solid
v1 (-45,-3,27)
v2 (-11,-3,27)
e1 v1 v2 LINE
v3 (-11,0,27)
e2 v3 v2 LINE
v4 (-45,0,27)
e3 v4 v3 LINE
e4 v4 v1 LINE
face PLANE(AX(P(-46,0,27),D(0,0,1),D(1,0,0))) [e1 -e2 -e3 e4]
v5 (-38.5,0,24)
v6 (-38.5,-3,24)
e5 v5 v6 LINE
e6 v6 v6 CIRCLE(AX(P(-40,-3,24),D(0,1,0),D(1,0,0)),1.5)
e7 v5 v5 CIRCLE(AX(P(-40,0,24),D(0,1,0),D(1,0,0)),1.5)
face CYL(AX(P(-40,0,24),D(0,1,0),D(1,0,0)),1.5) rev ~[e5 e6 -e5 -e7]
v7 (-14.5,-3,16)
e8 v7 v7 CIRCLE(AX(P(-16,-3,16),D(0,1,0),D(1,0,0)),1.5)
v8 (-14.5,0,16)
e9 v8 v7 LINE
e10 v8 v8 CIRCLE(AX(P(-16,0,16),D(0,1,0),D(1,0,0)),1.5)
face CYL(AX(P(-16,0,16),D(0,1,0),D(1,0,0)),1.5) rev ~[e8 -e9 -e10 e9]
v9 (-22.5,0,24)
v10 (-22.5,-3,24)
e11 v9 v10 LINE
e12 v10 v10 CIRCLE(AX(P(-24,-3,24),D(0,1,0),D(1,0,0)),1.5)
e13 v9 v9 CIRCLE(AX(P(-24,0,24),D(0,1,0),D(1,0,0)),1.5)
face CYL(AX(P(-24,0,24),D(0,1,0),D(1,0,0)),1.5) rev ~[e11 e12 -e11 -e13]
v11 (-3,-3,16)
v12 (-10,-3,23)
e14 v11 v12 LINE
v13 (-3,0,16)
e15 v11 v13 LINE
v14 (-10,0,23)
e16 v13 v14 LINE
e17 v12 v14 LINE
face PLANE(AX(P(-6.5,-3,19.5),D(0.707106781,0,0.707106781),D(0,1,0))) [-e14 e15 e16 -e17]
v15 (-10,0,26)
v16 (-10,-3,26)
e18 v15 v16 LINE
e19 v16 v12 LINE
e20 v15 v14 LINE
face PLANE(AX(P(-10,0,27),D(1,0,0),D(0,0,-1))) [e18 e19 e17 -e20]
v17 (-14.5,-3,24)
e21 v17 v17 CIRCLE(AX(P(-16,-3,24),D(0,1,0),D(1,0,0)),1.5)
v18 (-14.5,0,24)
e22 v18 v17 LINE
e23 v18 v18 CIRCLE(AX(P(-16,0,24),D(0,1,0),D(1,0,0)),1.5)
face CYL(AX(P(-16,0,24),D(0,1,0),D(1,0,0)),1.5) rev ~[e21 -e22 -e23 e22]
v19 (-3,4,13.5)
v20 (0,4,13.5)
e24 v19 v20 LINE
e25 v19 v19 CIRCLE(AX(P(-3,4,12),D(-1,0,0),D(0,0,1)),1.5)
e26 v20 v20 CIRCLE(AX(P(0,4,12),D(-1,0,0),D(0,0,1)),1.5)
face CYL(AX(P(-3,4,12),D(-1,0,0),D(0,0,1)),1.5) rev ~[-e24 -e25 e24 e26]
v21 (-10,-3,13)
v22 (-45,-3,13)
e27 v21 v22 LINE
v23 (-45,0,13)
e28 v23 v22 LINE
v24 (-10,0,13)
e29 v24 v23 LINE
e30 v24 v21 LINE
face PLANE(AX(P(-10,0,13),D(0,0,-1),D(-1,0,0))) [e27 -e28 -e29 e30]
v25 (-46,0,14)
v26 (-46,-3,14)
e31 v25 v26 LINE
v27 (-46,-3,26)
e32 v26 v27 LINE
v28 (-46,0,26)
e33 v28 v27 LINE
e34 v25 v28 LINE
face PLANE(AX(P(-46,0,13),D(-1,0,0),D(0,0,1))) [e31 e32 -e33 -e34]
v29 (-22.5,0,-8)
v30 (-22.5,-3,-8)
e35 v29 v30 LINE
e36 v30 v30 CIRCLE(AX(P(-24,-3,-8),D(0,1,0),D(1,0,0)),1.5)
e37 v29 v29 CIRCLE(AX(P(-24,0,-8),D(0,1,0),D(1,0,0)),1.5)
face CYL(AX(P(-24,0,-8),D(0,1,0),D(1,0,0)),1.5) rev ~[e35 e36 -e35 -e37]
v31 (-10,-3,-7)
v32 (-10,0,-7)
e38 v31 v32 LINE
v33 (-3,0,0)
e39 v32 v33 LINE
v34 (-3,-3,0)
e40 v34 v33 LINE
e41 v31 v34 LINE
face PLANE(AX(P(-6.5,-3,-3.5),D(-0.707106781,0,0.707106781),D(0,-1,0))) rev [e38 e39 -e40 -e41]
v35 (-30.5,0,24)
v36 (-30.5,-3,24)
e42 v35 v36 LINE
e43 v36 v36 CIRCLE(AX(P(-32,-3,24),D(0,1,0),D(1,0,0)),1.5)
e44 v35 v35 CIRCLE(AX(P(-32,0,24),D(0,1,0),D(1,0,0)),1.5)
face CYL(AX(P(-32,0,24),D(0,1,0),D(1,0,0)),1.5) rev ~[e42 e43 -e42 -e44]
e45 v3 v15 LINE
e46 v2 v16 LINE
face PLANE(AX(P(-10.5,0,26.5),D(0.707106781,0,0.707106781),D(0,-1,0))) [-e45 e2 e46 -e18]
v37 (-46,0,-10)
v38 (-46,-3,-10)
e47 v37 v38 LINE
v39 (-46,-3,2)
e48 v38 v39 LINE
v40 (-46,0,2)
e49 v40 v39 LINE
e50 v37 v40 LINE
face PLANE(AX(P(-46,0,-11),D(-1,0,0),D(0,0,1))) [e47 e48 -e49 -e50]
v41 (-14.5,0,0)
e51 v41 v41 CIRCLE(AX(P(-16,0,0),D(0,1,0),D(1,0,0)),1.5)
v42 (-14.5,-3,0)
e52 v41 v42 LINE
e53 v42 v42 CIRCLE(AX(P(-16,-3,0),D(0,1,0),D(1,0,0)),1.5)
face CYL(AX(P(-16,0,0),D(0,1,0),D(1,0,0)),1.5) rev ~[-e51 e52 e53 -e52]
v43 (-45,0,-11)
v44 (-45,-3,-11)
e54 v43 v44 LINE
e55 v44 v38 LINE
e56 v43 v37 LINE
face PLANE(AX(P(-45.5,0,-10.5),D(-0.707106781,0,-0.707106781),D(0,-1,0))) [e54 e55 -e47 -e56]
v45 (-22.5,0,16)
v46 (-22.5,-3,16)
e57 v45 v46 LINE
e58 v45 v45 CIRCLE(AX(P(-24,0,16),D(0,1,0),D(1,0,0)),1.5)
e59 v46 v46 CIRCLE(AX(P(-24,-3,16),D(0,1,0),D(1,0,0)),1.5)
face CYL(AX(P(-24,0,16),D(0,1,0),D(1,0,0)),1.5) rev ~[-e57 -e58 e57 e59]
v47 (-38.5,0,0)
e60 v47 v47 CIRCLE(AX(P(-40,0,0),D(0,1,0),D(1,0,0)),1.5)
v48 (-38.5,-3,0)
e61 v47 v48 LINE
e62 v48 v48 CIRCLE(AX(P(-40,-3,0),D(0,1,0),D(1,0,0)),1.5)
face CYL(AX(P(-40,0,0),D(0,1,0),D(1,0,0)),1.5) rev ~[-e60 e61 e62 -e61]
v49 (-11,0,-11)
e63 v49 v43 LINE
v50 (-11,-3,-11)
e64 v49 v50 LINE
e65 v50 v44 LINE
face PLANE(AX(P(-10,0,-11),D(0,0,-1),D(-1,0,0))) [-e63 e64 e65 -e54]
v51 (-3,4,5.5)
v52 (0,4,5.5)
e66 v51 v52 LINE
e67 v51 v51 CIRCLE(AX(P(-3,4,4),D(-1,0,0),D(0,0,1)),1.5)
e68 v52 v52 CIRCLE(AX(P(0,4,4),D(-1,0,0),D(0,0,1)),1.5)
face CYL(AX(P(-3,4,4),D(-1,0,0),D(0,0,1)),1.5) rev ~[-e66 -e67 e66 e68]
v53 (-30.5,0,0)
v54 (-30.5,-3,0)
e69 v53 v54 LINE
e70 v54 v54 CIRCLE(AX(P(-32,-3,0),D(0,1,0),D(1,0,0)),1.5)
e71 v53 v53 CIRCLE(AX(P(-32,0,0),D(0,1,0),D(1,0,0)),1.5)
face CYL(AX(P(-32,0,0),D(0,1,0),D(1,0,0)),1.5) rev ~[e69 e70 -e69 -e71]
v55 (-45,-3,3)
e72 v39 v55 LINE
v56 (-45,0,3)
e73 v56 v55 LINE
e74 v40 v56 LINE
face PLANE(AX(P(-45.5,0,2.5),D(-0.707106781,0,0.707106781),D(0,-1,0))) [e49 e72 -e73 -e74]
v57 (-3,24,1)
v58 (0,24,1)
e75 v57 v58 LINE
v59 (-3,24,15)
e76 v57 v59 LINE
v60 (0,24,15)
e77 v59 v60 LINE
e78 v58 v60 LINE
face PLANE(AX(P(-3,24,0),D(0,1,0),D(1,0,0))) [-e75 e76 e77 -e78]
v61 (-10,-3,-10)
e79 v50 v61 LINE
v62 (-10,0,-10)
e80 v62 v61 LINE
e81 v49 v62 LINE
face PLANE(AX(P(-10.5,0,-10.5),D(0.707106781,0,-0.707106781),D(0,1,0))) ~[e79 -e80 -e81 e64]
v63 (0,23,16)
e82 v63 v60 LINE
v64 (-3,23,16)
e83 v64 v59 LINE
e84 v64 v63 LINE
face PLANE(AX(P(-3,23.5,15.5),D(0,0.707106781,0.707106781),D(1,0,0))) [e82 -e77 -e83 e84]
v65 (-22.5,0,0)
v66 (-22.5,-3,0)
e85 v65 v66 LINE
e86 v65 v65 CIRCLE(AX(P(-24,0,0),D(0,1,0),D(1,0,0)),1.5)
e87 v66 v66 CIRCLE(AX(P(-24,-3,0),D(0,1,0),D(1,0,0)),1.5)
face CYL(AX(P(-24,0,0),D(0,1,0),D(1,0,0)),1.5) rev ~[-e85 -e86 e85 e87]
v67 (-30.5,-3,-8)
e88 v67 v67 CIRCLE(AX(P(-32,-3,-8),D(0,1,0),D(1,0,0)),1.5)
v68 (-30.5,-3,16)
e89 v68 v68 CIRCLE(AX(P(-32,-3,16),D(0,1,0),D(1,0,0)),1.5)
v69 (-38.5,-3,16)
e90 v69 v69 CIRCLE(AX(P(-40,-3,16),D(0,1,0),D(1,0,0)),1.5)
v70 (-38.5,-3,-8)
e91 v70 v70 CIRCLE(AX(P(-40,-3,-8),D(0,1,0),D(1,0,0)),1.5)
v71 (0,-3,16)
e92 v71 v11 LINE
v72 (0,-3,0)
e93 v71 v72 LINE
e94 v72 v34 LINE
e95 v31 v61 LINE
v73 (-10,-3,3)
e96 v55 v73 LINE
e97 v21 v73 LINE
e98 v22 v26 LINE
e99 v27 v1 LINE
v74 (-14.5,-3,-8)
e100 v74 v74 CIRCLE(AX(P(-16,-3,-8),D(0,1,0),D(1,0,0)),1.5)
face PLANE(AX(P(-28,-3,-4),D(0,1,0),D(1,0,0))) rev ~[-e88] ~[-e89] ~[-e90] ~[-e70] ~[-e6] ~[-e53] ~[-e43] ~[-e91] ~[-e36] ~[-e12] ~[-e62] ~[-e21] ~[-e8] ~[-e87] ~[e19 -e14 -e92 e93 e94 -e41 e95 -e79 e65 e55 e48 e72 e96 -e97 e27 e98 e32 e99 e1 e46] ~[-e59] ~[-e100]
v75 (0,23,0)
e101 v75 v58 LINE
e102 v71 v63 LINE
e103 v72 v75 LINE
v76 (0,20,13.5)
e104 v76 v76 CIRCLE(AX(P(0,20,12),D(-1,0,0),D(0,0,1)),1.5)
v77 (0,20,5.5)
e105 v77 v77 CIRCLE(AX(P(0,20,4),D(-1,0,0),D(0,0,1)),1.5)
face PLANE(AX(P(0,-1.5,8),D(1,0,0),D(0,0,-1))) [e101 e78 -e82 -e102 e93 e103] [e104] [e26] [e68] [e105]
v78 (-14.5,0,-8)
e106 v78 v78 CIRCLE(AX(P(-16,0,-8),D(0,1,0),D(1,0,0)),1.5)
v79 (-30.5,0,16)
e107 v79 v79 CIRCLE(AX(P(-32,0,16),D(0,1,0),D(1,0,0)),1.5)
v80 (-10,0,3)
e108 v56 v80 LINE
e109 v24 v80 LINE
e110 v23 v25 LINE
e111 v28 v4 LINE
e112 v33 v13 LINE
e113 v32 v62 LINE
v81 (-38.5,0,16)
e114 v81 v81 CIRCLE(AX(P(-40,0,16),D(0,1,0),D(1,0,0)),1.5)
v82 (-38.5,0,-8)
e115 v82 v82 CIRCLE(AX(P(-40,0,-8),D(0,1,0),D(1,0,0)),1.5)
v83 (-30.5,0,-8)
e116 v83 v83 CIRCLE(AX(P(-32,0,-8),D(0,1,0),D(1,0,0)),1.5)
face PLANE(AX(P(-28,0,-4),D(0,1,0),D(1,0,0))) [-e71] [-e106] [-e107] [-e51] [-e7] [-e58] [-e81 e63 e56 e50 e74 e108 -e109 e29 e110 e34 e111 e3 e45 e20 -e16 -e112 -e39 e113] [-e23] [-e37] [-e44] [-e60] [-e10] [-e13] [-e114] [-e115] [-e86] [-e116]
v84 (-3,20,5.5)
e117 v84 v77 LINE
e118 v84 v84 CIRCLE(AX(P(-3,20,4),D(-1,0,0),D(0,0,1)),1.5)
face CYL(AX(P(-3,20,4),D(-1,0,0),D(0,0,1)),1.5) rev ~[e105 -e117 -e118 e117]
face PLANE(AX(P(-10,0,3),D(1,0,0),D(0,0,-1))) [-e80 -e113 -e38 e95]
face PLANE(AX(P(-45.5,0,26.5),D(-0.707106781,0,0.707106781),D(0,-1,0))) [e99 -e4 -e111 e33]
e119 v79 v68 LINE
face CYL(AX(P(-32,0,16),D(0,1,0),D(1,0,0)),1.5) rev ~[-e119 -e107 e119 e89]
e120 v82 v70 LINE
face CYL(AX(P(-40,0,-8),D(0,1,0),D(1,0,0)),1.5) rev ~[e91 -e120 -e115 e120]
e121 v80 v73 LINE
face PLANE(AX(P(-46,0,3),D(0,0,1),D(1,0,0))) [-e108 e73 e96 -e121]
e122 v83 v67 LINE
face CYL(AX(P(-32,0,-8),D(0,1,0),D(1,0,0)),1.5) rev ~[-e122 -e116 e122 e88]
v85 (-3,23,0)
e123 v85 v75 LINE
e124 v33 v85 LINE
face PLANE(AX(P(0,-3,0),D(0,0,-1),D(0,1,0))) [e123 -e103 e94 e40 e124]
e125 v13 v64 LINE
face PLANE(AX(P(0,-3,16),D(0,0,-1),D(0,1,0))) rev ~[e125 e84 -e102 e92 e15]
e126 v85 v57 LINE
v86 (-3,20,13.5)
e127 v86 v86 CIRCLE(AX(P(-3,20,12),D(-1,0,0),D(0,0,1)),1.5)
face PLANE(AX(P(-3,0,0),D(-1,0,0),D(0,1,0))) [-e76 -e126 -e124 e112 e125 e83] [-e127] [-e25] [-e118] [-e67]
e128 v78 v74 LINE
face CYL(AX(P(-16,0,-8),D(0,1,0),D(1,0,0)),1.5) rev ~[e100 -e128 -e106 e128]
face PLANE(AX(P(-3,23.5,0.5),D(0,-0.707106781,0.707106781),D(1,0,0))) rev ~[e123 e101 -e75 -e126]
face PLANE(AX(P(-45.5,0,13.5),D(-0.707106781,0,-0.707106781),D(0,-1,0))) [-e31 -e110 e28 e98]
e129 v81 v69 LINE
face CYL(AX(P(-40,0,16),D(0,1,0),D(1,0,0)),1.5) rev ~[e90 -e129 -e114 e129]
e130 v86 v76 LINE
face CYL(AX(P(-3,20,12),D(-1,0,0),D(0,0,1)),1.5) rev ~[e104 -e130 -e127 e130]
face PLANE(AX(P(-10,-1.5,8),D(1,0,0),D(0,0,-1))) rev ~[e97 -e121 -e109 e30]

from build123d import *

# Parameters (mm, degrees)
SKETCH_1_W          = 3
SKETCH_1_H          = 24
EXTRUDE_1_DEPTH     = 16
SKETCH_2_R          = 1.5
CUT_EXTRUDE_1_DEPTH = 16
CHAMFER_1_SIZE      = 1
SKETCH_3_W          = 16
SKETCH_3_H          = 3
EXTRUDE_2_DEPTH     = 10
EXTRUDE_3_DEPTH     = 3
CHAMFER_2_SIZE      = 1
SKETCH_5_R          = 1.5
CUT_EXTRUDE_2_DEPTH = 10
CHAMFER_3_SIZE      = 7


with BuildPart() as part:
    # 草图1 → 凸台-拉伸1 (new body)
    with BuildSketch(Plane.XY):
        with Locations((-1.5, 12)):
            Rectangle(SKETCH_1_W, SKETCH_1_H)
    extrude(amount=EXTRUDE_1_DEPTH)

    # 草图2 → 切除-拉伸1 (cut)
    with BuildSketch(Plane.ZY.offset(3)):
        with Locations((4, 4)):
            Circle(SKETCH_2_R)
        with Locations((12, 4)):
            Circle(SKETCH_2_R)
        with Locations((4, 20)):
            Circle(SKETCH_2_R)
        with Locations((12, 20)):
            Circle(SKETCH_2_R)
    extrude(amount=-CUT_EXTRUDE_1_DEPTH, mode=Mode.SUBTRACT)

    # 倒角1
    chamfer_1_edges = [part.edges().sort_by_distance(p)[0] for p in [
        (-1.5, 24, 0),
        (-1.5, 24, 16),
    ]]
    chamfer(chamfer_1_edges, length=CHAMFER_1_SIZE)

    # 草图3 → 凸台-拉伸2 (add)
    with BuildSketch(Plane(origin=(0, 0, 0), x_dir=(0, 0, -1), z_dir=(1, 0, 0))):
        with Locations((-8, -1.5)):
            Rectangle(SKETCH_3_W, SKETCH_3_H)
    extrude(amount=-EXTRUDE_2_DEPTH)

    # 草图4 → 凸台-拉伸3 (add)
    with BuildSketch(Plane(origin=(0, 0, 0), x_dir=(1, 0, 0), z_dir=(0, 1, 0))):
        Polygon((-10, 11), (-46, 11), (-46, -3), (-10, -3), (-10, 0), align=None)
        Polygon((-10, -16), (-10, -13), (-46, -13), (-46, -27), (-10, -27), align=None)
    extrude(amount=-EXTRUDE_3_DEPTH)

    # 倒角2
    chamfer_2_edges = [part.edges().sort_by_distance(p)[0] for p in [
        (-46, -1.5, 3),
        (-46, -1.5, -11),
        (-10, -1.5, -11),
        (-46, -1.5, 27),
        (-10, -1.5, 27),
        (-46, -1.5, 13),
    ]]
    chamfer(chamfer_2_edges, length=CHAMFER_2_SIZE)

    # 草图5 → 切除-拉伸2 (cut)
    with BuildSketch(Plane(origin=(0, 0, 0), x_dir=(1, 0, 0), z_dir=(0, 1, 0))):
        with Locations((-40, 8)):
            Circle(SKETCH_5_R)
        with Locations((-32, 8)):
            Circle(SKETCH_5_R)
        with Locations((-24, 8)):
            Circle(SKETCH_5_R)
        with Locations((-16, 8)):
            Circle(SKETCH_5_R)
        with Locations((-40, 0)):
            Circle(SKETCH_5_R)
        with Locations((-32, 0)):
            Circle(SKETCH_5_R)
        with Locations((-24, 0)):
            Circle(SKETCH_5_R)
        with Locations((-16, 0)):
            Circle(SKETCH_5_R)
        with Locations((-40, -16)):
            Circle(SKETCH_5_R)
        with Locations((-40, -24)):
            Circle(SKETCH_5_R)
        with Locations((-32, -16)):
            Circle(SKETCH_5_R)
        with Locations((-32, -24)):
            Circle(SKETCH_5_R)
        with Locations((-24, -16)):
            Circle(SKETCH_5_R)
        with Locations((-24, -24)):
            Circle(SKETCH_5_R)
        with Locations((-16, -16)):
            Circle(SKETCH_5_R)
        with Locations((-16, -24)):
            Circle(SKETCH_5_R)
    extrude(amount=-CUT_EXTRUDE_2_DEPTH, mode=Mode.SUBTRACT)

    # 倒角3
    chamfer_3_edges = [part.edges().sort_by_distance(p)[0] for p in [
        (-10, -1.5, 16),
        (-10, -1.5, 0),
    ]]
    chamfer(chamfer_3_edges, length=CHAMFER_3_SIZE)


solid = part.part
